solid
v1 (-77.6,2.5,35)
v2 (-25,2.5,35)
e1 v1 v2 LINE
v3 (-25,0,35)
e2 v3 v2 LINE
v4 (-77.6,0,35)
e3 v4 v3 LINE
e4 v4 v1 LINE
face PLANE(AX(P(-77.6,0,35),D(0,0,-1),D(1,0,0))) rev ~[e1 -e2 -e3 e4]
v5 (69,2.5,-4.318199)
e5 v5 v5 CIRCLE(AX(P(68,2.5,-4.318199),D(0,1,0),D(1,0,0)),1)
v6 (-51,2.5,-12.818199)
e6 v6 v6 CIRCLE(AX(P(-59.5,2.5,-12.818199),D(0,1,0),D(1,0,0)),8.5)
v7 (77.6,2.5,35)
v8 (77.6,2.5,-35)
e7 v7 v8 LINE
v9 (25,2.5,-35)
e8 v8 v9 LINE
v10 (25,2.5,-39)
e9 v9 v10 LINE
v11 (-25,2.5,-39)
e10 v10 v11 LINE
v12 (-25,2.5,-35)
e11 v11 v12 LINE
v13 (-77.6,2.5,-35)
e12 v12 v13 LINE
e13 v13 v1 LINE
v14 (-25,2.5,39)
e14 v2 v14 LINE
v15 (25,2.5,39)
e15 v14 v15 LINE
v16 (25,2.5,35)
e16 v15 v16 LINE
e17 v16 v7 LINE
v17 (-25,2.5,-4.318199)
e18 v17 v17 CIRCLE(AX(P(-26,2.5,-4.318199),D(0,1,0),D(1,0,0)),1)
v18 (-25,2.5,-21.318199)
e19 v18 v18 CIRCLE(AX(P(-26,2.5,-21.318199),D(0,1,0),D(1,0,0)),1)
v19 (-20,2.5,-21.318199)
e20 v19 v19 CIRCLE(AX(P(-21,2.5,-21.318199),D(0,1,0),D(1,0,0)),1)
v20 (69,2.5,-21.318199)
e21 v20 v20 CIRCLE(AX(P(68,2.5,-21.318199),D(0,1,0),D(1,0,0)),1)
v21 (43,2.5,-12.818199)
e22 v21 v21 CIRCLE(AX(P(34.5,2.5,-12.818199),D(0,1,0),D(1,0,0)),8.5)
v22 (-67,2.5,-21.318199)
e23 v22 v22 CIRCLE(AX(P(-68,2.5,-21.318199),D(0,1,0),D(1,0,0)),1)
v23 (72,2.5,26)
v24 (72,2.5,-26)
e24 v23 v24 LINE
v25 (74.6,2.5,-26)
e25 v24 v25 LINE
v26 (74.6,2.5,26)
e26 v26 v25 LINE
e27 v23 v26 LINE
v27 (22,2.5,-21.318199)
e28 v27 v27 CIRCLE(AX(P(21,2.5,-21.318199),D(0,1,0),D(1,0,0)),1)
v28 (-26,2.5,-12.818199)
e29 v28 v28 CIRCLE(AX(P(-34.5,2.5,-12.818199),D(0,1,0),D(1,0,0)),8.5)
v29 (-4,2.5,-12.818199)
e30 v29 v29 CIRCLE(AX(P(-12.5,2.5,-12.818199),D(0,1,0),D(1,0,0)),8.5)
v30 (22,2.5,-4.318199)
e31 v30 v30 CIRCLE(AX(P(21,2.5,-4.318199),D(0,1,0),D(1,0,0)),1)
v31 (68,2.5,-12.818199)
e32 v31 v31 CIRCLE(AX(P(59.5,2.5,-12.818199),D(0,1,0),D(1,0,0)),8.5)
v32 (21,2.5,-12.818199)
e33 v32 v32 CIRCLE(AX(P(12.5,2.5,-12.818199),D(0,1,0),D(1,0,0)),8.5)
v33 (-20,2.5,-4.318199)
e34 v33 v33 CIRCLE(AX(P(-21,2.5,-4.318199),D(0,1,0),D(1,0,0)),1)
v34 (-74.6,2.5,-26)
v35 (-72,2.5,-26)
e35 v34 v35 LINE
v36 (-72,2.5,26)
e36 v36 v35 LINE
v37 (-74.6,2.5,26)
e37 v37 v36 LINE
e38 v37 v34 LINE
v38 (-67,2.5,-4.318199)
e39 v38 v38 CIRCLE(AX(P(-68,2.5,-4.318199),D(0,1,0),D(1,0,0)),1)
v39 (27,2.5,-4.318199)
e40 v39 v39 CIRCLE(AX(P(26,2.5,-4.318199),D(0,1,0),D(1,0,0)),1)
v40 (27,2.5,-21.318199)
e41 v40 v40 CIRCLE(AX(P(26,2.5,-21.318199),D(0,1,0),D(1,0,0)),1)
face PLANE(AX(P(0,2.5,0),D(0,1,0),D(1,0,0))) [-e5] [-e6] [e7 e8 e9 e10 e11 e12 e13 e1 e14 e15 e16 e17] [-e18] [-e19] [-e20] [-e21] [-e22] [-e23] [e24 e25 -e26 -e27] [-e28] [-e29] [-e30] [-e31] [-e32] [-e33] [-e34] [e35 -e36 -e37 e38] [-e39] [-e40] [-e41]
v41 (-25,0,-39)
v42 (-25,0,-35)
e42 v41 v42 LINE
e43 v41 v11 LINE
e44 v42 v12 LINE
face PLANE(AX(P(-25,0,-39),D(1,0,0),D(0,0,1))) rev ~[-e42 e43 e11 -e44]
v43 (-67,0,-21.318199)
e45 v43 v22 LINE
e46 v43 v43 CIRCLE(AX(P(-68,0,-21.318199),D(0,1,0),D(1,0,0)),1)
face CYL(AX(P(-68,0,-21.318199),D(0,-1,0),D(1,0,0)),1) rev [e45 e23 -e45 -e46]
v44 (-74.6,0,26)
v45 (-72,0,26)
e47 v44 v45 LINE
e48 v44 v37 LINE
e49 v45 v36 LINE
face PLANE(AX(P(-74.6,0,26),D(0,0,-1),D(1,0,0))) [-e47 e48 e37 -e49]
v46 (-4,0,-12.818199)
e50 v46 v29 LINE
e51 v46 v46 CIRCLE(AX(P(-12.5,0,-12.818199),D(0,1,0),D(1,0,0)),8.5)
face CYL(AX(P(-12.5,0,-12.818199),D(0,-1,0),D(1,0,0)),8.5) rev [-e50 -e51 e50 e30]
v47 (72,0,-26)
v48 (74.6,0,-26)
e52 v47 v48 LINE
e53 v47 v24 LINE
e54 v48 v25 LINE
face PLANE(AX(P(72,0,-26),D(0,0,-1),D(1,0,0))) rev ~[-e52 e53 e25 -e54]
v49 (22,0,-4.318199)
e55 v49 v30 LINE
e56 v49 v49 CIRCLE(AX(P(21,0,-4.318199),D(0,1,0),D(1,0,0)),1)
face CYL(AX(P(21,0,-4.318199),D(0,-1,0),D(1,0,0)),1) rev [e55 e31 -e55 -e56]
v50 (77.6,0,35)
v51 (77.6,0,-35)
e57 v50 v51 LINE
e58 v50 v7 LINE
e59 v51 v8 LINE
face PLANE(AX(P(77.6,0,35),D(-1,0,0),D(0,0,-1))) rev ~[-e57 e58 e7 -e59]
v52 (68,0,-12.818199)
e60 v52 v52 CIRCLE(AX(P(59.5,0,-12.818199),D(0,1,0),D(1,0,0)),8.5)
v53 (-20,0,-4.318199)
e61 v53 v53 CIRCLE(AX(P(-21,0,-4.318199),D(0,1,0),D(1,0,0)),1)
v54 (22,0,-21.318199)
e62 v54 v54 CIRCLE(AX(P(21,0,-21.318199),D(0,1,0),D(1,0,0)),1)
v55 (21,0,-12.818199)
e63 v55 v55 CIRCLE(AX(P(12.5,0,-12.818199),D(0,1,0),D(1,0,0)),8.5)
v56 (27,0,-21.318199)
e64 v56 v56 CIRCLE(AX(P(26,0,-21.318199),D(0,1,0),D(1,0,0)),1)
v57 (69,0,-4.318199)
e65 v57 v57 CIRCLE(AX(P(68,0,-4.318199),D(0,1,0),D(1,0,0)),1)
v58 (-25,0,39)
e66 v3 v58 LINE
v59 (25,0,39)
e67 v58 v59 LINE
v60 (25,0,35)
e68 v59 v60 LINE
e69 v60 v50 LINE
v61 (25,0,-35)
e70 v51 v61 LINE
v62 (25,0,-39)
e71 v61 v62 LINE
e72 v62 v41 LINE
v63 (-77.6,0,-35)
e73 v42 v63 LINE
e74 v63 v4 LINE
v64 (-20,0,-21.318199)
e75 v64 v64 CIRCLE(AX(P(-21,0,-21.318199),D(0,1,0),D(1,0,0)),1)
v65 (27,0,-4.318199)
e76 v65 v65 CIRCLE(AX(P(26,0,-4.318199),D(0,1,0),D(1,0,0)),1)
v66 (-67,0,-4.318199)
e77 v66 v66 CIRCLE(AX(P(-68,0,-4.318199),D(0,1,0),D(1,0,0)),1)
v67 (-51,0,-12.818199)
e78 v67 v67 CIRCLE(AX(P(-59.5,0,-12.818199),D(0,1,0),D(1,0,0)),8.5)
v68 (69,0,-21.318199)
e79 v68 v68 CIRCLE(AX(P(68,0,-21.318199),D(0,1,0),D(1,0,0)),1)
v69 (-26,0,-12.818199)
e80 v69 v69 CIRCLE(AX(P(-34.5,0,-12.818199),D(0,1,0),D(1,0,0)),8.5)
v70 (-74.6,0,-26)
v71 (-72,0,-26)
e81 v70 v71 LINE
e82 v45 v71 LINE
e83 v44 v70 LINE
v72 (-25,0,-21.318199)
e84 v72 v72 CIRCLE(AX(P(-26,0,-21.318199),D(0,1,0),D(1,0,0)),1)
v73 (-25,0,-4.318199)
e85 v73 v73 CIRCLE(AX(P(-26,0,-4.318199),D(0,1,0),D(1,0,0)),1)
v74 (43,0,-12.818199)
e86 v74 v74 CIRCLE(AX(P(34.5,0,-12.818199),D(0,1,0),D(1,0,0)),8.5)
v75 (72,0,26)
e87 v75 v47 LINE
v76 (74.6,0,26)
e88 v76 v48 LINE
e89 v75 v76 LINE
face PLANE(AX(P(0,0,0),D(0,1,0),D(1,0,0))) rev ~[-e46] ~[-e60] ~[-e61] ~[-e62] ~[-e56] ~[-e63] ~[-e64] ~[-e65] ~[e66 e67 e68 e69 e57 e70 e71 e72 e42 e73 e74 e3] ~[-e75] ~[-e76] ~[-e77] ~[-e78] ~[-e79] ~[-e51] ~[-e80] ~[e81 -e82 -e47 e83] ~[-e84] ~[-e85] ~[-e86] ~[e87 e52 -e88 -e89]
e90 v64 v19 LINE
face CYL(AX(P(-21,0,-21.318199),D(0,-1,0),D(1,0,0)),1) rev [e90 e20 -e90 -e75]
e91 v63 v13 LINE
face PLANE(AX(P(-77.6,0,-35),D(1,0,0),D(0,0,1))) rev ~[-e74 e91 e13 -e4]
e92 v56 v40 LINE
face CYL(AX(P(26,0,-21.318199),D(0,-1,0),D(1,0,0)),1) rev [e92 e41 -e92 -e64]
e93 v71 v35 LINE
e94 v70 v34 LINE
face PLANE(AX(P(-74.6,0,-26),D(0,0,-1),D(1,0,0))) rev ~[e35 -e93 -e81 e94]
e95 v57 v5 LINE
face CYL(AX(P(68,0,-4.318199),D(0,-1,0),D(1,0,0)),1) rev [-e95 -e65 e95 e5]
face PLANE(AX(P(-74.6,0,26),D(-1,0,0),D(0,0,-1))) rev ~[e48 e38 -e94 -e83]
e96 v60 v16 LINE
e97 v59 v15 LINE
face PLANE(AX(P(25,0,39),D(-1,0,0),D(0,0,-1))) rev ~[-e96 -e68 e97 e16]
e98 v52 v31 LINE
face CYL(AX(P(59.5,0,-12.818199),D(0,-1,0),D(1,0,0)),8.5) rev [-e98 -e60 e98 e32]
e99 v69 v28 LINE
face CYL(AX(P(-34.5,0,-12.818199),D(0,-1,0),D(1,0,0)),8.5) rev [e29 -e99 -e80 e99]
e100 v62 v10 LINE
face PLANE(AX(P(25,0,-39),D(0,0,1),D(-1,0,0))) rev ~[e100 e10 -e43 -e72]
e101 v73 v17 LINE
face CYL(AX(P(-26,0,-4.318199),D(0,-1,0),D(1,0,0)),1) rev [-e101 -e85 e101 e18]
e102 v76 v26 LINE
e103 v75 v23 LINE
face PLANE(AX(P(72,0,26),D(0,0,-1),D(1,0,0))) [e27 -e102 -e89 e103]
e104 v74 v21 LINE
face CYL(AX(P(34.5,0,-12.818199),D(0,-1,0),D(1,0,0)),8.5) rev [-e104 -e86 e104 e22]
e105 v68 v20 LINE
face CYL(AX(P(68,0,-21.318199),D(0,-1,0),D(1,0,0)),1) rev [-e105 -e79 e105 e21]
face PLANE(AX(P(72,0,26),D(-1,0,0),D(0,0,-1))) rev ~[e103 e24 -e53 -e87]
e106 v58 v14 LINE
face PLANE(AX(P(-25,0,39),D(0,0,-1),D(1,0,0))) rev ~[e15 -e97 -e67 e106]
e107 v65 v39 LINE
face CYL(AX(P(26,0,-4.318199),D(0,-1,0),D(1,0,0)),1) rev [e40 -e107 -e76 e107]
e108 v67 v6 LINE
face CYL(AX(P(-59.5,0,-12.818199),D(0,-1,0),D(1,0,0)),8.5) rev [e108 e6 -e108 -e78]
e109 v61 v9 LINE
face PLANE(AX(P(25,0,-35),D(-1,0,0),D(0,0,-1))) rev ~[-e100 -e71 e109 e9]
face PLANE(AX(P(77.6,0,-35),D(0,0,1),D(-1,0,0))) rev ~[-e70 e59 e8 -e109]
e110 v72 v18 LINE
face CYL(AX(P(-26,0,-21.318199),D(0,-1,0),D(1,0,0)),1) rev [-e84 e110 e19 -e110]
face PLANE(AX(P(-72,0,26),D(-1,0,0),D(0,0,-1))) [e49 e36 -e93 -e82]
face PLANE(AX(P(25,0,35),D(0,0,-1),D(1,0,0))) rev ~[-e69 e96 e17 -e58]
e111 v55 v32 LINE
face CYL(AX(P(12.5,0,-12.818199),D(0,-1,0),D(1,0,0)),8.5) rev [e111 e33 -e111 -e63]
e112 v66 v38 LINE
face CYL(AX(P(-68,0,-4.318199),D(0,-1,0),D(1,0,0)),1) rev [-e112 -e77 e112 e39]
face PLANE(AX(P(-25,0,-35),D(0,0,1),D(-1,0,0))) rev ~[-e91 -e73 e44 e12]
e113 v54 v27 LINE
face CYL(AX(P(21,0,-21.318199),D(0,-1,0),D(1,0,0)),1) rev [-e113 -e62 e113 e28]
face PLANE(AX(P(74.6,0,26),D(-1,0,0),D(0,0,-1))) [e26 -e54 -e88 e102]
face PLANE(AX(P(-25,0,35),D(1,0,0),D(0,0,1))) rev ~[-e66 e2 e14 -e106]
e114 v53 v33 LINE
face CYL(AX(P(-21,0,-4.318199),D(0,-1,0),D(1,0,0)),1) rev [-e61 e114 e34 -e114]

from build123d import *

# Parameters (mm, degrees)
SKETCH1_R           = 8.5
SKETCH1_R_2         = 1
SKETCH1_W           = 2.6
SKETCH1_H           = 52
BOSS_EXTRUDE1_DEPTH = 2.5


with BuildPart() as part:
    # Sketch1 → Boss-Extrude1 (new body)
    with BuildSketch(Plane(origin=(0, 0, 0), x_dir=(1, 0, 0), z_dir=(0, 1, 0))):
        Polygon((-25, 35), (-77.6, 35), (-77.6, -35), (-25, -35), (-25, -39), (25, -39), (25, -35), (77.6, -35), (77.6, 35), (25, 35), (25, 39), (-25, 39), align=None)
        with Locations((-12.5, 12.818198975)):
            Circle(SKETCH1_R, mode=Mode.SUBTRACT)
        with Locations((-21, 21.318198975)):
            Circle(SKETCH1_R_2, mode=Mode.SUBTRACT)
        with Locations((-21, 4.318198975)):
            Circle(SKETCH1_R_2, mode=Mode.SUBTRACT)
        with Locations((21, 4.318198975)):
            Circle(SKETCH1_R_2, mode=Mode.SUBTRACT)
        with Locations((21, 21.318198975)):
            Circle(SKETCH1_R_2, mode=Mode.SUBTRACT)
        with Locations((12.5, 12.818198975)):
            Circle(SKETCH1_R, mode=Mode.SUBTRACT)
        with Locations((26, 4.318198975)):
            Circle(SKETCH1_R_2, mode=Mode.SUBTRACT)
        with Locations((34.5, 12.818198975)):
            Circle(SKETCH1_R, mode=Mode.SUBTRACT)
        with Locations((26, 21.318198975)):
            Circle(SKETCH1_R_2, mode=Mode.SUBTRACT)
        with Locations((68, 21.318198975)):
            Circle(SKETCH1_R_2, mode=Mode.SUBTRACT)
        with Locations((68, 4.318198975)):
            Circle(SKETCH1_R_2, mode=Mode.SUBTRACT)
        with Locations((59.5, 12.818198975)):
            Circle(SKETCH1_R, mode=Mode.SUBTRACT)
        with Locations((-68, 4.318198975)):
            Circle(SKETCH1_R_2, mode=Mode.SUBTRACT)
        with Locations((-59.5, 12.818198975)):
            Circle(SKETCH1_R, mode=Mode.SUBTRACT)
        with Locations((-34.5, 12.818198975)):
            Circle(SKETCH1_R, mode=Mode.SUBTRACT)
        with Locations((-26, 21.318198975)):
            Circle(SKETCH1_R_2, mode=Mode.SUBTRACT)
        with Locations((-26, 4.318198975)):
            Circle(SKETCH1_R_2, mode=Mode.SUBTRACT)
        with Locations((-68, 21.318198975)):
            Circle(SKETCH1_R_2, mode=Mode.SUBTRACT)
        with Locations((-73.3, 0)):
            Rectangle(SKETCH1_W, SKETCH1_H, mode=Mode.SUBTRACT)
        with Locations((73.3, 0)):
            Rectangle(SKETCH1_W, SKETCH1_H, mode=Mode.SUBTRACT)
    extrude(amount=BOSS_EXTRUDE1_DEPTH)


solid = part.part
